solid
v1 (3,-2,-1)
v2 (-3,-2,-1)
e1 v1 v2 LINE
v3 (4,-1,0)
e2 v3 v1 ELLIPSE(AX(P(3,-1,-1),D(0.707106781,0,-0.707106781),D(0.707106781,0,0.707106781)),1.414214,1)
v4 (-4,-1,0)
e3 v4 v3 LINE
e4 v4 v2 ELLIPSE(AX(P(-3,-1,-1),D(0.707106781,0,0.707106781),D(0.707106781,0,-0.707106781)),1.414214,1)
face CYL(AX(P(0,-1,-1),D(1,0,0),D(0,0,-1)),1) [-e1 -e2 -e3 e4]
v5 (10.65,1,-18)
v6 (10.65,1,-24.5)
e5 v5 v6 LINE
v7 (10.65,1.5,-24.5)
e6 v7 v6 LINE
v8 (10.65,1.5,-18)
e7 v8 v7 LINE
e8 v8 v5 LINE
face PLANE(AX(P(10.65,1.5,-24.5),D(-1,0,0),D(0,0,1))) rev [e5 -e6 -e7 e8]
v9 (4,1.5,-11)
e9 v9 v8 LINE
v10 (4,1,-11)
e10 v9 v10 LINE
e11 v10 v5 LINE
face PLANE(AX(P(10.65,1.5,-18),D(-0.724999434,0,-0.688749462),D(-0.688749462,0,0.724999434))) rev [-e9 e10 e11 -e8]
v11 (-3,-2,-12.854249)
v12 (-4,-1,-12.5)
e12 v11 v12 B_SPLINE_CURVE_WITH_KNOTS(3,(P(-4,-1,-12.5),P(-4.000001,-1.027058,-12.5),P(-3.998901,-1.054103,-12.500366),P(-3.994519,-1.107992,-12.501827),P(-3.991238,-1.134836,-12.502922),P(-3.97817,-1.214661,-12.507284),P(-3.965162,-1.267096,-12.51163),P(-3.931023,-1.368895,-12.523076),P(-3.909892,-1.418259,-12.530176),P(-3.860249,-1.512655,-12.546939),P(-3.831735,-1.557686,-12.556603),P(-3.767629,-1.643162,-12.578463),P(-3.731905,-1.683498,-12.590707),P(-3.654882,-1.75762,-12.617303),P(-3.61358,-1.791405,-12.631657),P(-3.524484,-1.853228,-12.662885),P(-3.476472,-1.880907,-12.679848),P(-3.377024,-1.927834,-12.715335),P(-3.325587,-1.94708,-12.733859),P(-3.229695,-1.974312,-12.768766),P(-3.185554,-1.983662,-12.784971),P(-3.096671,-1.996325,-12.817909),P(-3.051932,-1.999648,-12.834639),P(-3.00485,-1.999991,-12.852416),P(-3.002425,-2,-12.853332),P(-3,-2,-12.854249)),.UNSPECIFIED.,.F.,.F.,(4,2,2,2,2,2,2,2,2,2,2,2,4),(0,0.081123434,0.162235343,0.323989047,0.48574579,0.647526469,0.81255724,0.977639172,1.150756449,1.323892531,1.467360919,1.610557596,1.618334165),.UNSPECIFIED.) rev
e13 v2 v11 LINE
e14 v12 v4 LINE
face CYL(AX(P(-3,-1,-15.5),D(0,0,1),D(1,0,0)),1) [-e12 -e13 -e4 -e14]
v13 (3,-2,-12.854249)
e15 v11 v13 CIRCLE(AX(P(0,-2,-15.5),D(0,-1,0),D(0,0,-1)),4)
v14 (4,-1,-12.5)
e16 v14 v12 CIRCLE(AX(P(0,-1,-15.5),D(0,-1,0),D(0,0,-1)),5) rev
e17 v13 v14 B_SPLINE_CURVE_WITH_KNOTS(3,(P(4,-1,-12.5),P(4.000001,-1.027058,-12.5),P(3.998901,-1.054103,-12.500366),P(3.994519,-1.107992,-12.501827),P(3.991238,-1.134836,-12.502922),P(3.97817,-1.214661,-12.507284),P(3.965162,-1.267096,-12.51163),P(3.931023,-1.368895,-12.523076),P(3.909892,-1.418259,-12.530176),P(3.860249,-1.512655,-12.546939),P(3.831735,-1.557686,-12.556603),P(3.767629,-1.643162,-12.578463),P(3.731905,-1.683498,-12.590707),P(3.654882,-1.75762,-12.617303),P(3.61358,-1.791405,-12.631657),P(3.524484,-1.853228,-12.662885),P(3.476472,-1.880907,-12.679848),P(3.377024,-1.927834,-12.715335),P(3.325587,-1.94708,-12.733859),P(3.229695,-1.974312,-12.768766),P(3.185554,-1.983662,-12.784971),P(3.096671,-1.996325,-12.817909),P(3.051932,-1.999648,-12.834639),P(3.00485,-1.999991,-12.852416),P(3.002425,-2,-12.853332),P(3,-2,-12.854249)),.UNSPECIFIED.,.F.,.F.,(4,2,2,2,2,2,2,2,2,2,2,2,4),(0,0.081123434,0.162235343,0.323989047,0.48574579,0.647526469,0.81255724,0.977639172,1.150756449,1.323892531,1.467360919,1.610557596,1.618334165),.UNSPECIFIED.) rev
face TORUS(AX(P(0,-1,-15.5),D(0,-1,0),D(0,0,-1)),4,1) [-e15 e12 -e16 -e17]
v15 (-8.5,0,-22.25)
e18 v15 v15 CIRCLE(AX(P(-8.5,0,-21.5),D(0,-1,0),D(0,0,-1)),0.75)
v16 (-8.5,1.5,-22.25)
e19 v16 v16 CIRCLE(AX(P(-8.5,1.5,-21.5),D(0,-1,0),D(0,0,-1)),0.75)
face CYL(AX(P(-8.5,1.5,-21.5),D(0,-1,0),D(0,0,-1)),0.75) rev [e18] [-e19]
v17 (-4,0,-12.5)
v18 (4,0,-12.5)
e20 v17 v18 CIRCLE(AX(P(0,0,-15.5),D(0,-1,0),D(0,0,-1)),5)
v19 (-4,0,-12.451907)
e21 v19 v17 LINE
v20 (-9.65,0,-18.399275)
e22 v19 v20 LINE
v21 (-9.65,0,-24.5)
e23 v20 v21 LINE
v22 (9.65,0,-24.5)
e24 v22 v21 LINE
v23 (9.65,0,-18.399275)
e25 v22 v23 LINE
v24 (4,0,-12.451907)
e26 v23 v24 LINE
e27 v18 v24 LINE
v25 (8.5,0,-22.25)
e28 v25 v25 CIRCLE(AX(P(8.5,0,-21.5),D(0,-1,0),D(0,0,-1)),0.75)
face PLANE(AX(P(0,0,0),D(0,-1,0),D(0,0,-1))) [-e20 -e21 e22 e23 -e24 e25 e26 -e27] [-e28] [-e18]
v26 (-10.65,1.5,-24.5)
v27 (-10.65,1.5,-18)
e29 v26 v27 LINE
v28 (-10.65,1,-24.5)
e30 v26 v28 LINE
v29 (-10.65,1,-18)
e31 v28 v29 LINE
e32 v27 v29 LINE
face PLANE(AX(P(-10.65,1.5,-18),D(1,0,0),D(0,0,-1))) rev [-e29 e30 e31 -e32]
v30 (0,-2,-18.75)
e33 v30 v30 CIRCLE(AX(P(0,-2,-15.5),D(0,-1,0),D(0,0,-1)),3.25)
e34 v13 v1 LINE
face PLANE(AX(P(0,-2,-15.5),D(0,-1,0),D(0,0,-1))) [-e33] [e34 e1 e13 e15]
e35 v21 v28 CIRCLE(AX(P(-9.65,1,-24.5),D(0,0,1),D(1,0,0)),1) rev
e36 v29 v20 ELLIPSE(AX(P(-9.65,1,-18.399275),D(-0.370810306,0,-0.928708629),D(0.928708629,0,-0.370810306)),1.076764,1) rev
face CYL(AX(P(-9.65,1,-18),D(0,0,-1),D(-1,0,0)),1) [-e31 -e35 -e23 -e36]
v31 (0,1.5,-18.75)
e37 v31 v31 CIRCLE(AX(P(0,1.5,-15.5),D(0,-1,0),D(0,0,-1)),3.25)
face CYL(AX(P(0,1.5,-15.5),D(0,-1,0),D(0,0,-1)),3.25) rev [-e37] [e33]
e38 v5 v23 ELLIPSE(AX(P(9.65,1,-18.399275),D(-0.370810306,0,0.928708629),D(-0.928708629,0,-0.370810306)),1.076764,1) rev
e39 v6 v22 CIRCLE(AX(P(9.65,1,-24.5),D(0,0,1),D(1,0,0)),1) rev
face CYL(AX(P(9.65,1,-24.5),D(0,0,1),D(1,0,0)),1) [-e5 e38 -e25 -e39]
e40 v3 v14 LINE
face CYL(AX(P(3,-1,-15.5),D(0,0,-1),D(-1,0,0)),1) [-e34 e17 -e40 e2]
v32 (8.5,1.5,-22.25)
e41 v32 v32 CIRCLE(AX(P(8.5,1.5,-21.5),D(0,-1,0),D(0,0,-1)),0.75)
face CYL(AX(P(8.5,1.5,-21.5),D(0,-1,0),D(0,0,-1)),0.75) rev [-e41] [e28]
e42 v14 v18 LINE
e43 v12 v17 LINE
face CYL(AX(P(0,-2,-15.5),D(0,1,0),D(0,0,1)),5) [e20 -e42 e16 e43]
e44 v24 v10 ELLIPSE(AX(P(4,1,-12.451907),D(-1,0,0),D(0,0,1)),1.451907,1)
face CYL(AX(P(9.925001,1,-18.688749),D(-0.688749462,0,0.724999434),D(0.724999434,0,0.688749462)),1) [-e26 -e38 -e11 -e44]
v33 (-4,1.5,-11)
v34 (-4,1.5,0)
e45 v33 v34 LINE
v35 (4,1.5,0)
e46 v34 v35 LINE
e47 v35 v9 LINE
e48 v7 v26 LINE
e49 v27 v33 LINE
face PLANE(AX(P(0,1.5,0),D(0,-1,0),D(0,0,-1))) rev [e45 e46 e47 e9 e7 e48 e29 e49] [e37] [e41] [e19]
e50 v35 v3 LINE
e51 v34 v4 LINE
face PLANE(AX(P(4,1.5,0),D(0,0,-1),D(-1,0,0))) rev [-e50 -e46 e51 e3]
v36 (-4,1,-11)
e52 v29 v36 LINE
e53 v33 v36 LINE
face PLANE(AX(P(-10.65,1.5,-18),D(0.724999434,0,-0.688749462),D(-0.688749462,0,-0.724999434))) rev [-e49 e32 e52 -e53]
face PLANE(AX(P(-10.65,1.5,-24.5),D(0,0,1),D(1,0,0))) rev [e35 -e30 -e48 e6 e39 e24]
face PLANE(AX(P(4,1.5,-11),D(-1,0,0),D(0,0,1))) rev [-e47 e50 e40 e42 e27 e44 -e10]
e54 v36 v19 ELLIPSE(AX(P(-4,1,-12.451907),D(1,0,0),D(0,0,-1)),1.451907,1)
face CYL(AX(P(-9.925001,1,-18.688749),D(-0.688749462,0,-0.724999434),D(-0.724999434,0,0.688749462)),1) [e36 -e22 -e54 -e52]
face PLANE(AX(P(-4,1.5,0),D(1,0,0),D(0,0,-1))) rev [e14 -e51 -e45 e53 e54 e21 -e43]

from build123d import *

# Parameters (mm, degrees)
BOSS_EXTRUDE1_DEPTH = 1.5
BOSS_EXTRUDE2_DEPTH = 2
FILLET1_R           = 1
FILLET2_R           = 1
SKETCH3_R           = 3.25
CUT_EXTRUDE1_DEPTH  = 4.5
SKETCH4_R           = 0.75
CUT_EXTRUDE2_DEPTH  = 2.5


with BuildPart() as part:
    # Sketch1 → Boss-Extrude1 (new body)
    with BuildSketch(Plane(origin=(0, 0, 0), x_dir=(1, 0, 0), z_dir=(0, 1, 0))):
        Polygon((-10.65, 18), (-4, 11), (-4, 0), (4, 0), (4, 11), (10.65, 18), (10.65, 24.5), (-10.65, 24.5), align=None)
    extrude(amount=BOSS_EXTRUDE1_DEPTH)

    # Sketch2 → Boss-Extrude2 (add)
    with BuildSketch(Plane.XZ):
        with BuildLine():
            Line((4, 0), (4, -12.5))
            ThreePointArc((4, -12.5), (0, -20.5), (-4, -12.5))
            Line((-4, -12.5), (-4, 0))
            Line((-4, 0), (4, 0))
        make_face()
    extrude(amount=BOSS_EXTRUDE2_DEPTH)

    # Fillet1
    fillet1_edges = [part.edges().sort_by_distance(p)[0] for p in [
        (0, -2, 0),
        (-4, -2, -6.25),
        (0, -2, -20.5),
        (4, -2, -6.25),
    ]]
    fillet(fillet1_edges, radius=FILLET1_R)

    # Fillet2
    fillet2_edges = [part.edges().sort_by_distance(p)[0] for p in [
        (-7.325, 0, -14.5),
        (-10.65, 0, -21.25),
        (10.65, 0, -21.25),
        (7.325, 0, -14.5),
    ]]
    fillet(fillet2_edges, radius=FILLET2_R)

    # Sketch3 → Cut-Extrude1 (cut, through all)
    with BuildSketch(Plane.XZ.offset(2)):
        with Locations((0, -15.5)):
            Circle(SKETCH3_R)
    extrude(amount=-CUT_EXTRUDE1_DEPTH, mode=Mode.SUBTRACT)

    # Sketch4 → Cut-Extrude2 (cut, through all)
    with BuildSketch(Plane.XZ):
        with Locations((-8.5, -21.5)):
            Circle(SKETCH4_R)
        with Locations((8.5, -21.5)):
            Circle(SKETCH4_R)
    extrude(amount=-CUT_EXTRUDE2_DEPTH, mode=Mode.SUBTRACT)


solid = part.part
